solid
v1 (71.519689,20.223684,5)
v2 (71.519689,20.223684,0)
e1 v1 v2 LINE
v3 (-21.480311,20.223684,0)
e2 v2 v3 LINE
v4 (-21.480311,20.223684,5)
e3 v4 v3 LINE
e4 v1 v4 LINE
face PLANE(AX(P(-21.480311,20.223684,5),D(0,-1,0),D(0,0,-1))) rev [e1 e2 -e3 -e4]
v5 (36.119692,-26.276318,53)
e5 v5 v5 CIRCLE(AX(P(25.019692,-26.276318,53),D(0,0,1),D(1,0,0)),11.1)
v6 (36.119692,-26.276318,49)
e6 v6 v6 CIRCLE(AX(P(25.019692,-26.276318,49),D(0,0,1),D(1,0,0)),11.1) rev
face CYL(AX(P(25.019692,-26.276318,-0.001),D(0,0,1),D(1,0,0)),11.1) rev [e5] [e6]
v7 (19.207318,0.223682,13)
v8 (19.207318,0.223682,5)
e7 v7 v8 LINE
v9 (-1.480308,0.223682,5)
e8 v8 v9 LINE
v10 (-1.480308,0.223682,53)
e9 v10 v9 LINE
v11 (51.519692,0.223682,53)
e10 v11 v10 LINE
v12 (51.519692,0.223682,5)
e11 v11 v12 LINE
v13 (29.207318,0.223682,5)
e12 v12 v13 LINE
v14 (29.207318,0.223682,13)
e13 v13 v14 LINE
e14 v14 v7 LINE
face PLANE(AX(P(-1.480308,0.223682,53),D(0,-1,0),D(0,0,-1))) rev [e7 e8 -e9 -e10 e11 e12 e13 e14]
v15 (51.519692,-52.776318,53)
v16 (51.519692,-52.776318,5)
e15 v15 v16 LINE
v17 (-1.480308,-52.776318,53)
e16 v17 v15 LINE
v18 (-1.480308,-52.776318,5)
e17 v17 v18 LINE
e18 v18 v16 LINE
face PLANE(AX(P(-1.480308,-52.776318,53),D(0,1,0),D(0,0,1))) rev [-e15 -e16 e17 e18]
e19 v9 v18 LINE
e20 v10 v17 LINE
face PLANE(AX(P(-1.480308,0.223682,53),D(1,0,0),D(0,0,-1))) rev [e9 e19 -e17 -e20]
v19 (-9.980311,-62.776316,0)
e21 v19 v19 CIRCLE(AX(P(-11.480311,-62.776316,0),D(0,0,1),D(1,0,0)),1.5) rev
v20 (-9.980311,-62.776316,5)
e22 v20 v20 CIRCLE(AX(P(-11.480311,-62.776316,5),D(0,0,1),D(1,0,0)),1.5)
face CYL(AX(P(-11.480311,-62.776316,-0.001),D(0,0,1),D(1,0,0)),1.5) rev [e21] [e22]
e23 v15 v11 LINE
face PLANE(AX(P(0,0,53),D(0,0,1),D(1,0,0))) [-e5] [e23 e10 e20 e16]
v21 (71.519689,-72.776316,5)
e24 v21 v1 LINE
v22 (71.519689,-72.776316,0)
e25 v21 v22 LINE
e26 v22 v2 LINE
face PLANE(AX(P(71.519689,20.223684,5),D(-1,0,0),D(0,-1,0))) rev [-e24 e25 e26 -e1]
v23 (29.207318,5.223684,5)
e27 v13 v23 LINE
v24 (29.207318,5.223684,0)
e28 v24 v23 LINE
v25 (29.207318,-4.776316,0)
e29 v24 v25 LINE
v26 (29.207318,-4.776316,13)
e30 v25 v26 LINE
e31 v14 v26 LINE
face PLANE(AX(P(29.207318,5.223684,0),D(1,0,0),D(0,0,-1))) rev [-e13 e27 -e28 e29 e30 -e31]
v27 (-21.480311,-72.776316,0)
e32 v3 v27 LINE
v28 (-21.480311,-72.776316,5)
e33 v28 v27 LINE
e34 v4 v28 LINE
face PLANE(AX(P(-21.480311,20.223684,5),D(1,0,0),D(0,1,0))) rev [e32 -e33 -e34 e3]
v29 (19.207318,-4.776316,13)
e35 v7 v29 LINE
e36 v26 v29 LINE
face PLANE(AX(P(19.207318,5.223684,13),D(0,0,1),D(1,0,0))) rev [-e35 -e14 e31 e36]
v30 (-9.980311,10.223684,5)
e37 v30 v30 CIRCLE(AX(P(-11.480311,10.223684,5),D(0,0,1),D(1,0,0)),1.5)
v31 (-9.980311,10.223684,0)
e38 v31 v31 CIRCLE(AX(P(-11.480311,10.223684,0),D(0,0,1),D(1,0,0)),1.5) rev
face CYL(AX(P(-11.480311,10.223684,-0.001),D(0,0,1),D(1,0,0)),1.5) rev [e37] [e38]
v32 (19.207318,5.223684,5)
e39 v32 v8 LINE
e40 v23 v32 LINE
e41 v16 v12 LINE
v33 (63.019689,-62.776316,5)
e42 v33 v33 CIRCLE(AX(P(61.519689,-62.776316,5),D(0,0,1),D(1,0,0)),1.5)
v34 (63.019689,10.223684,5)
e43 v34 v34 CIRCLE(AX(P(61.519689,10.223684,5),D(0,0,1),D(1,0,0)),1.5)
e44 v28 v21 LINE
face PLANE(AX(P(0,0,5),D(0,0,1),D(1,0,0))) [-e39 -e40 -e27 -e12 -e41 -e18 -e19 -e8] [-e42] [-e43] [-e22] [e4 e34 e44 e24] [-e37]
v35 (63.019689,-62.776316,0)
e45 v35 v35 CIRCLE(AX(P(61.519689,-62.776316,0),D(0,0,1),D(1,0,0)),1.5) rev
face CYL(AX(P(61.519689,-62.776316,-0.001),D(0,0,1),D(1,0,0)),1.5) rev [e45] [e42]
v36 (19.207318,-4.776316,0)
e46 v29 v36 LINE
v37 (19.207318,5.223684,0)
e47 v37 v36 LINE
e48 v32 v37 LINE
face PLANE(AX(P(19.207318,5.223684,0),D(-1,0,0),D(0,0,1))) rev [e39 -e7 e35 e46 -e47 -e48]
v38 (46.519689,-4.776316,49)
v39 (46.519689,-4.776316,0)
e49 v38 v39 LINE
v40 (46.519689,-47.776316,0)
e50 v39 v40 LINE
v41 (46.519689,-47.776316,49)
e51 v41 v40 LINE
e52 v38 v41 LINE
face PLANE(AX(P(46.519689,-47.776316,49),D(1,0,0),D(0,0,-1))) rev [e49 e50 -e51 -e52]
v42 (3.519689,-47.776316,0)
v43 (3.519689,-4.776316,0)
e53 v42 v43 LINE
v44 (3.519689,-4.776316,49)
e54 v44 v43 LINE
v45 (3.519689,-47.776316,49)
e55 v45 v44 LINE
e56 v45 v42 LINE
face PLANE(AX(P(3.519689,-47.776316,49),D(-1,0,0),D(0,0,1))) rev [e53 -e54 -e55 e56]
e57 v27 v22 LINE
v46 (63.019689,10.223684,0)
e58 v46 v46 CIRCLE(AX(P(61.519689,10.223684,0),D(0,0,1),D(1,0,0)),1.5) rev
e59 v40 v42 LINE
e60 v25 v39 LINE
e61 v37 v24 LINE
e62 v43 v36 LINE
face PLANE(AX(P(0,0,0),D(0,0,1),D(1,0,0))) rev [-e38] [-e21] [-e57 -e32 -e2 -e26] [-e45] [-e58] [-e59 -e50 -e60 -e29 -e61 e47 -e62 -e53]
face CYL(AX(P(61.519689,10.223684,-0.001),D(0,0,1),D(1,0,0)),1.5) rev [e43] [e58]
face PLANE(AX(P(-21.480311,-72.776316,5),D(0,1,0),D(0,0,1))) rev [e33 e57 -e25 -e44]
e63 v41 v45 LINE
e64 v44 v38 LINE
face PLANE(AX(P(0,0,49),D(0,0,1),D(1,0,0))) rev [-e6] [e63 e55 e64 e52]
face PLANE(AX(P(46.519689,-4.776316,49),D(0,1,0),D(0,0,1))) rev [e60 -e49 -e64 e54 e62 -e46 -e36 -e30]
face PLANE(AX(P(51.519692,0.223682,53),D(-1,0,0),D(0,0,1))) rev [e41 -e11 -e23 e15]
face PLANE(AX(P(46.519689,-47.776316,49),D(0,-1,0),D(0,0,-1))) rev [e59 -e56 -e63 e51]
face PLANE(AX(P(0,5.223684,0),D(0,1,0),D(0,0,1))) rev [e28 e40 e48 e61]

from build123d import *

# Parameters (mm, degrees)
ESQUISSE1_W             = 93
ESQUISSE1_H             = 93
BOSS_EXTRU_1_DEPTH      = 5
ESQUISSE2_W             = 53
ESQUISSE2_H             = 53
BOSS_EXTRU_2_DEPTH      = 48
ESQUISSE3_W             = 43
ESQUISSE3_H             = 43
ENL_V_MAT_EXTRU_1_DEPTH = 49
ENL_V_MAT_EXTRU_2_REACH = 55
ESQUISSE4_R             = 11.1
ENL_V_MAT_EXTRU_3_REACH = 7
ESQUISSE5_R             = 1.5
ESQUISSE7_W             = 10
ESQUISSE7_H             = 13
ENL_V_MAT_EXTRU_4_DEPTH = 10


with BuildPart() as part:
    # Esquisse1 → Boss.-Extru.1 (new body)
    with BuildSketch(Plane.XY):
        with Locations((25.019689463, -26.276315789)):
            Rectangle(ESQUISSE1_W, ESQUISSE1_H)
    extrude(amount=BOSS_EXTRU_1_DEPTH)

    # Esquisse2 → Boss.-Extru.2 (add)
    with BuildSketch(Plane.XY.offset(5)):
        with Locations((25.01969205, -26.276318376)):
            Rectangle(ESQUISSE2_W, ESQUISSE2_H)
    extrude(amount=BOSS_EXTRU_2_DEPTH)

    # Esquisse3 → Enlèv. mat.-Extru.1 (cut)
    with BuildSketch(Plane(origin=(0, 0, 0), x_dir=(-1, 0, 0), z_dir=(0, 0, -1))):
        with Locations((-25.019689463, -26.276315789)):
            Rectangle(ESQUISSE3_W, ESQUISSE3_H)
    extrude(amount=-ENL_V_MAT_EXTRU_1_DEPTH, mode=Mode.SUBTRACT)

    # Esquisse4 → Enlèv. mat.-Extru.2 (cut, up to next)
    with BuildSketch(Plane.XY.offset(53), mode=Mode.PRIVATE) as enl_v_mat_extru_2_sk1:
        with Locations((25.01969205, -26.276318376)):
            Circle(ESQUISSE4_R)
    enl_v_mat_extru_2_tool1 = extrude(enl_v_mat_extru_2_sk1.sketch, amount=-ENL_V_MAT_EXTRU_2_REACH, mode=Mode.PRIVATE) & part.part
    add(enl_v_mat_extru_2_tool1.solids().sort_by_distance((25.019692, -26.276318, 53))[0], mode=Mode.SUBTRACT)

    # Esquisse5 → Enlèv. mat.-Extru.3 (cut, up to next)
    with BuildSketch(Plane.XY.offset(5), mode=Mode.PRIVATE) as enl_v_mat_extru_3_sk1:
        with Locations((61.519689463, -62.776315789)):
            Circle(ESQUISSE5_R)
    enl_v_mat_extru_3_tool1 = extrude(enl_v_mat_extru_3_sk1.sketch, amount=-ENL_V_MAT_EXTRU_3_REACH, mode=Mode.PRIVATE) & part.part
    add(enl_v_mat_extru_3_tool1.solids().sort_by_distance((61.519689, -62.776316, 5))[0], mode=Mode.SUBTRACT)
    # Esquisse5 → Enlèv. mat.-Extru.3 (cut, up to next)
    with BuildSketch(Plane.XY.offset(5), mode=Mode.PRIVATE) as enl_v_mat_extru_3_sk2:
        with Locations((-11.480310537, -62.776315789)):
            Circle(ESQUISSE5_R)
    enl_v_mat_extru_3_tool2 = extrude(enl_v_mat_extru_3_sk2.sketch, amount=-ENL_V_MAT_EXTRU_3_REACH, mode=Mode.PRIVATE) & part.part
    add(enl_v_mat_extru_3_tool2.solids().sort_by_distance((-11.480311, -62.776316, 5))[0], mode=Mode.SUBTRACT)
    # Esquisse5 → Enlèv. mat.-Extru.3 (cut, up to next)
    with BuildSketch(Plane.XY.offset(5), mode=Mode.PRIVATE) as enl_v_mat_extru_3_sk3:
        with Locations((-11.480310537, 10.223684211)):
            Circle(ESQUISSE5_R)
    enl_v_mat_extru_3_tool3 = extrude(enl_v_mat_extru_3_sk3.sketch, amount=-ENL_V_MAT_EXTRU_3_REACH, mode=Mode.PRIVATE) & part.part
    add(enl_v_mat_extru_3_tool3.solids().sort_by_distance((-11.480311, 10.223684, 5))[0], mode=Mode.SUBTRACT)
    # Esquisse5 → Enlèv. mat.-Extru.3 (cut, up to next)
    with BuildSketch(Plane.XY.offset(5), mode=Mode.PRIVATE) as enl_v_mat_extru_3_sk4:
        with Locations((61.519689463, 10.223684211)):
            Circle(ESQUISSE5_R)
    enl_v_mat_extru_3_tool4 = extrude(enl_v_mat_extru_3_sk4.sketch, amount=-ENL_V_MAT_EXTRU_3_REACH, mode=Mode.PRIVATE) & part.part
    add(enl_v_mat_extru_3_tool4.solids().sort_by_distance((61.519689, 10.223684, 5))[0], mode=Mode.SUBTRACT)

    # Esquisse7 → Enlèv. mat.-Extru.4 (cut)
    with BuildSketch(Plane.XZ.offset(4.776315789)):
        with Locations((24.207318305, 6.5)):
            Rectangle(ESQUISSE7_W, ESQUISSE7_H)
    extrude(amount=-ENL_V_MAT_EXTRU_4_DEPTH, mode=Mode.SUBTRACT)


solid = part.part
